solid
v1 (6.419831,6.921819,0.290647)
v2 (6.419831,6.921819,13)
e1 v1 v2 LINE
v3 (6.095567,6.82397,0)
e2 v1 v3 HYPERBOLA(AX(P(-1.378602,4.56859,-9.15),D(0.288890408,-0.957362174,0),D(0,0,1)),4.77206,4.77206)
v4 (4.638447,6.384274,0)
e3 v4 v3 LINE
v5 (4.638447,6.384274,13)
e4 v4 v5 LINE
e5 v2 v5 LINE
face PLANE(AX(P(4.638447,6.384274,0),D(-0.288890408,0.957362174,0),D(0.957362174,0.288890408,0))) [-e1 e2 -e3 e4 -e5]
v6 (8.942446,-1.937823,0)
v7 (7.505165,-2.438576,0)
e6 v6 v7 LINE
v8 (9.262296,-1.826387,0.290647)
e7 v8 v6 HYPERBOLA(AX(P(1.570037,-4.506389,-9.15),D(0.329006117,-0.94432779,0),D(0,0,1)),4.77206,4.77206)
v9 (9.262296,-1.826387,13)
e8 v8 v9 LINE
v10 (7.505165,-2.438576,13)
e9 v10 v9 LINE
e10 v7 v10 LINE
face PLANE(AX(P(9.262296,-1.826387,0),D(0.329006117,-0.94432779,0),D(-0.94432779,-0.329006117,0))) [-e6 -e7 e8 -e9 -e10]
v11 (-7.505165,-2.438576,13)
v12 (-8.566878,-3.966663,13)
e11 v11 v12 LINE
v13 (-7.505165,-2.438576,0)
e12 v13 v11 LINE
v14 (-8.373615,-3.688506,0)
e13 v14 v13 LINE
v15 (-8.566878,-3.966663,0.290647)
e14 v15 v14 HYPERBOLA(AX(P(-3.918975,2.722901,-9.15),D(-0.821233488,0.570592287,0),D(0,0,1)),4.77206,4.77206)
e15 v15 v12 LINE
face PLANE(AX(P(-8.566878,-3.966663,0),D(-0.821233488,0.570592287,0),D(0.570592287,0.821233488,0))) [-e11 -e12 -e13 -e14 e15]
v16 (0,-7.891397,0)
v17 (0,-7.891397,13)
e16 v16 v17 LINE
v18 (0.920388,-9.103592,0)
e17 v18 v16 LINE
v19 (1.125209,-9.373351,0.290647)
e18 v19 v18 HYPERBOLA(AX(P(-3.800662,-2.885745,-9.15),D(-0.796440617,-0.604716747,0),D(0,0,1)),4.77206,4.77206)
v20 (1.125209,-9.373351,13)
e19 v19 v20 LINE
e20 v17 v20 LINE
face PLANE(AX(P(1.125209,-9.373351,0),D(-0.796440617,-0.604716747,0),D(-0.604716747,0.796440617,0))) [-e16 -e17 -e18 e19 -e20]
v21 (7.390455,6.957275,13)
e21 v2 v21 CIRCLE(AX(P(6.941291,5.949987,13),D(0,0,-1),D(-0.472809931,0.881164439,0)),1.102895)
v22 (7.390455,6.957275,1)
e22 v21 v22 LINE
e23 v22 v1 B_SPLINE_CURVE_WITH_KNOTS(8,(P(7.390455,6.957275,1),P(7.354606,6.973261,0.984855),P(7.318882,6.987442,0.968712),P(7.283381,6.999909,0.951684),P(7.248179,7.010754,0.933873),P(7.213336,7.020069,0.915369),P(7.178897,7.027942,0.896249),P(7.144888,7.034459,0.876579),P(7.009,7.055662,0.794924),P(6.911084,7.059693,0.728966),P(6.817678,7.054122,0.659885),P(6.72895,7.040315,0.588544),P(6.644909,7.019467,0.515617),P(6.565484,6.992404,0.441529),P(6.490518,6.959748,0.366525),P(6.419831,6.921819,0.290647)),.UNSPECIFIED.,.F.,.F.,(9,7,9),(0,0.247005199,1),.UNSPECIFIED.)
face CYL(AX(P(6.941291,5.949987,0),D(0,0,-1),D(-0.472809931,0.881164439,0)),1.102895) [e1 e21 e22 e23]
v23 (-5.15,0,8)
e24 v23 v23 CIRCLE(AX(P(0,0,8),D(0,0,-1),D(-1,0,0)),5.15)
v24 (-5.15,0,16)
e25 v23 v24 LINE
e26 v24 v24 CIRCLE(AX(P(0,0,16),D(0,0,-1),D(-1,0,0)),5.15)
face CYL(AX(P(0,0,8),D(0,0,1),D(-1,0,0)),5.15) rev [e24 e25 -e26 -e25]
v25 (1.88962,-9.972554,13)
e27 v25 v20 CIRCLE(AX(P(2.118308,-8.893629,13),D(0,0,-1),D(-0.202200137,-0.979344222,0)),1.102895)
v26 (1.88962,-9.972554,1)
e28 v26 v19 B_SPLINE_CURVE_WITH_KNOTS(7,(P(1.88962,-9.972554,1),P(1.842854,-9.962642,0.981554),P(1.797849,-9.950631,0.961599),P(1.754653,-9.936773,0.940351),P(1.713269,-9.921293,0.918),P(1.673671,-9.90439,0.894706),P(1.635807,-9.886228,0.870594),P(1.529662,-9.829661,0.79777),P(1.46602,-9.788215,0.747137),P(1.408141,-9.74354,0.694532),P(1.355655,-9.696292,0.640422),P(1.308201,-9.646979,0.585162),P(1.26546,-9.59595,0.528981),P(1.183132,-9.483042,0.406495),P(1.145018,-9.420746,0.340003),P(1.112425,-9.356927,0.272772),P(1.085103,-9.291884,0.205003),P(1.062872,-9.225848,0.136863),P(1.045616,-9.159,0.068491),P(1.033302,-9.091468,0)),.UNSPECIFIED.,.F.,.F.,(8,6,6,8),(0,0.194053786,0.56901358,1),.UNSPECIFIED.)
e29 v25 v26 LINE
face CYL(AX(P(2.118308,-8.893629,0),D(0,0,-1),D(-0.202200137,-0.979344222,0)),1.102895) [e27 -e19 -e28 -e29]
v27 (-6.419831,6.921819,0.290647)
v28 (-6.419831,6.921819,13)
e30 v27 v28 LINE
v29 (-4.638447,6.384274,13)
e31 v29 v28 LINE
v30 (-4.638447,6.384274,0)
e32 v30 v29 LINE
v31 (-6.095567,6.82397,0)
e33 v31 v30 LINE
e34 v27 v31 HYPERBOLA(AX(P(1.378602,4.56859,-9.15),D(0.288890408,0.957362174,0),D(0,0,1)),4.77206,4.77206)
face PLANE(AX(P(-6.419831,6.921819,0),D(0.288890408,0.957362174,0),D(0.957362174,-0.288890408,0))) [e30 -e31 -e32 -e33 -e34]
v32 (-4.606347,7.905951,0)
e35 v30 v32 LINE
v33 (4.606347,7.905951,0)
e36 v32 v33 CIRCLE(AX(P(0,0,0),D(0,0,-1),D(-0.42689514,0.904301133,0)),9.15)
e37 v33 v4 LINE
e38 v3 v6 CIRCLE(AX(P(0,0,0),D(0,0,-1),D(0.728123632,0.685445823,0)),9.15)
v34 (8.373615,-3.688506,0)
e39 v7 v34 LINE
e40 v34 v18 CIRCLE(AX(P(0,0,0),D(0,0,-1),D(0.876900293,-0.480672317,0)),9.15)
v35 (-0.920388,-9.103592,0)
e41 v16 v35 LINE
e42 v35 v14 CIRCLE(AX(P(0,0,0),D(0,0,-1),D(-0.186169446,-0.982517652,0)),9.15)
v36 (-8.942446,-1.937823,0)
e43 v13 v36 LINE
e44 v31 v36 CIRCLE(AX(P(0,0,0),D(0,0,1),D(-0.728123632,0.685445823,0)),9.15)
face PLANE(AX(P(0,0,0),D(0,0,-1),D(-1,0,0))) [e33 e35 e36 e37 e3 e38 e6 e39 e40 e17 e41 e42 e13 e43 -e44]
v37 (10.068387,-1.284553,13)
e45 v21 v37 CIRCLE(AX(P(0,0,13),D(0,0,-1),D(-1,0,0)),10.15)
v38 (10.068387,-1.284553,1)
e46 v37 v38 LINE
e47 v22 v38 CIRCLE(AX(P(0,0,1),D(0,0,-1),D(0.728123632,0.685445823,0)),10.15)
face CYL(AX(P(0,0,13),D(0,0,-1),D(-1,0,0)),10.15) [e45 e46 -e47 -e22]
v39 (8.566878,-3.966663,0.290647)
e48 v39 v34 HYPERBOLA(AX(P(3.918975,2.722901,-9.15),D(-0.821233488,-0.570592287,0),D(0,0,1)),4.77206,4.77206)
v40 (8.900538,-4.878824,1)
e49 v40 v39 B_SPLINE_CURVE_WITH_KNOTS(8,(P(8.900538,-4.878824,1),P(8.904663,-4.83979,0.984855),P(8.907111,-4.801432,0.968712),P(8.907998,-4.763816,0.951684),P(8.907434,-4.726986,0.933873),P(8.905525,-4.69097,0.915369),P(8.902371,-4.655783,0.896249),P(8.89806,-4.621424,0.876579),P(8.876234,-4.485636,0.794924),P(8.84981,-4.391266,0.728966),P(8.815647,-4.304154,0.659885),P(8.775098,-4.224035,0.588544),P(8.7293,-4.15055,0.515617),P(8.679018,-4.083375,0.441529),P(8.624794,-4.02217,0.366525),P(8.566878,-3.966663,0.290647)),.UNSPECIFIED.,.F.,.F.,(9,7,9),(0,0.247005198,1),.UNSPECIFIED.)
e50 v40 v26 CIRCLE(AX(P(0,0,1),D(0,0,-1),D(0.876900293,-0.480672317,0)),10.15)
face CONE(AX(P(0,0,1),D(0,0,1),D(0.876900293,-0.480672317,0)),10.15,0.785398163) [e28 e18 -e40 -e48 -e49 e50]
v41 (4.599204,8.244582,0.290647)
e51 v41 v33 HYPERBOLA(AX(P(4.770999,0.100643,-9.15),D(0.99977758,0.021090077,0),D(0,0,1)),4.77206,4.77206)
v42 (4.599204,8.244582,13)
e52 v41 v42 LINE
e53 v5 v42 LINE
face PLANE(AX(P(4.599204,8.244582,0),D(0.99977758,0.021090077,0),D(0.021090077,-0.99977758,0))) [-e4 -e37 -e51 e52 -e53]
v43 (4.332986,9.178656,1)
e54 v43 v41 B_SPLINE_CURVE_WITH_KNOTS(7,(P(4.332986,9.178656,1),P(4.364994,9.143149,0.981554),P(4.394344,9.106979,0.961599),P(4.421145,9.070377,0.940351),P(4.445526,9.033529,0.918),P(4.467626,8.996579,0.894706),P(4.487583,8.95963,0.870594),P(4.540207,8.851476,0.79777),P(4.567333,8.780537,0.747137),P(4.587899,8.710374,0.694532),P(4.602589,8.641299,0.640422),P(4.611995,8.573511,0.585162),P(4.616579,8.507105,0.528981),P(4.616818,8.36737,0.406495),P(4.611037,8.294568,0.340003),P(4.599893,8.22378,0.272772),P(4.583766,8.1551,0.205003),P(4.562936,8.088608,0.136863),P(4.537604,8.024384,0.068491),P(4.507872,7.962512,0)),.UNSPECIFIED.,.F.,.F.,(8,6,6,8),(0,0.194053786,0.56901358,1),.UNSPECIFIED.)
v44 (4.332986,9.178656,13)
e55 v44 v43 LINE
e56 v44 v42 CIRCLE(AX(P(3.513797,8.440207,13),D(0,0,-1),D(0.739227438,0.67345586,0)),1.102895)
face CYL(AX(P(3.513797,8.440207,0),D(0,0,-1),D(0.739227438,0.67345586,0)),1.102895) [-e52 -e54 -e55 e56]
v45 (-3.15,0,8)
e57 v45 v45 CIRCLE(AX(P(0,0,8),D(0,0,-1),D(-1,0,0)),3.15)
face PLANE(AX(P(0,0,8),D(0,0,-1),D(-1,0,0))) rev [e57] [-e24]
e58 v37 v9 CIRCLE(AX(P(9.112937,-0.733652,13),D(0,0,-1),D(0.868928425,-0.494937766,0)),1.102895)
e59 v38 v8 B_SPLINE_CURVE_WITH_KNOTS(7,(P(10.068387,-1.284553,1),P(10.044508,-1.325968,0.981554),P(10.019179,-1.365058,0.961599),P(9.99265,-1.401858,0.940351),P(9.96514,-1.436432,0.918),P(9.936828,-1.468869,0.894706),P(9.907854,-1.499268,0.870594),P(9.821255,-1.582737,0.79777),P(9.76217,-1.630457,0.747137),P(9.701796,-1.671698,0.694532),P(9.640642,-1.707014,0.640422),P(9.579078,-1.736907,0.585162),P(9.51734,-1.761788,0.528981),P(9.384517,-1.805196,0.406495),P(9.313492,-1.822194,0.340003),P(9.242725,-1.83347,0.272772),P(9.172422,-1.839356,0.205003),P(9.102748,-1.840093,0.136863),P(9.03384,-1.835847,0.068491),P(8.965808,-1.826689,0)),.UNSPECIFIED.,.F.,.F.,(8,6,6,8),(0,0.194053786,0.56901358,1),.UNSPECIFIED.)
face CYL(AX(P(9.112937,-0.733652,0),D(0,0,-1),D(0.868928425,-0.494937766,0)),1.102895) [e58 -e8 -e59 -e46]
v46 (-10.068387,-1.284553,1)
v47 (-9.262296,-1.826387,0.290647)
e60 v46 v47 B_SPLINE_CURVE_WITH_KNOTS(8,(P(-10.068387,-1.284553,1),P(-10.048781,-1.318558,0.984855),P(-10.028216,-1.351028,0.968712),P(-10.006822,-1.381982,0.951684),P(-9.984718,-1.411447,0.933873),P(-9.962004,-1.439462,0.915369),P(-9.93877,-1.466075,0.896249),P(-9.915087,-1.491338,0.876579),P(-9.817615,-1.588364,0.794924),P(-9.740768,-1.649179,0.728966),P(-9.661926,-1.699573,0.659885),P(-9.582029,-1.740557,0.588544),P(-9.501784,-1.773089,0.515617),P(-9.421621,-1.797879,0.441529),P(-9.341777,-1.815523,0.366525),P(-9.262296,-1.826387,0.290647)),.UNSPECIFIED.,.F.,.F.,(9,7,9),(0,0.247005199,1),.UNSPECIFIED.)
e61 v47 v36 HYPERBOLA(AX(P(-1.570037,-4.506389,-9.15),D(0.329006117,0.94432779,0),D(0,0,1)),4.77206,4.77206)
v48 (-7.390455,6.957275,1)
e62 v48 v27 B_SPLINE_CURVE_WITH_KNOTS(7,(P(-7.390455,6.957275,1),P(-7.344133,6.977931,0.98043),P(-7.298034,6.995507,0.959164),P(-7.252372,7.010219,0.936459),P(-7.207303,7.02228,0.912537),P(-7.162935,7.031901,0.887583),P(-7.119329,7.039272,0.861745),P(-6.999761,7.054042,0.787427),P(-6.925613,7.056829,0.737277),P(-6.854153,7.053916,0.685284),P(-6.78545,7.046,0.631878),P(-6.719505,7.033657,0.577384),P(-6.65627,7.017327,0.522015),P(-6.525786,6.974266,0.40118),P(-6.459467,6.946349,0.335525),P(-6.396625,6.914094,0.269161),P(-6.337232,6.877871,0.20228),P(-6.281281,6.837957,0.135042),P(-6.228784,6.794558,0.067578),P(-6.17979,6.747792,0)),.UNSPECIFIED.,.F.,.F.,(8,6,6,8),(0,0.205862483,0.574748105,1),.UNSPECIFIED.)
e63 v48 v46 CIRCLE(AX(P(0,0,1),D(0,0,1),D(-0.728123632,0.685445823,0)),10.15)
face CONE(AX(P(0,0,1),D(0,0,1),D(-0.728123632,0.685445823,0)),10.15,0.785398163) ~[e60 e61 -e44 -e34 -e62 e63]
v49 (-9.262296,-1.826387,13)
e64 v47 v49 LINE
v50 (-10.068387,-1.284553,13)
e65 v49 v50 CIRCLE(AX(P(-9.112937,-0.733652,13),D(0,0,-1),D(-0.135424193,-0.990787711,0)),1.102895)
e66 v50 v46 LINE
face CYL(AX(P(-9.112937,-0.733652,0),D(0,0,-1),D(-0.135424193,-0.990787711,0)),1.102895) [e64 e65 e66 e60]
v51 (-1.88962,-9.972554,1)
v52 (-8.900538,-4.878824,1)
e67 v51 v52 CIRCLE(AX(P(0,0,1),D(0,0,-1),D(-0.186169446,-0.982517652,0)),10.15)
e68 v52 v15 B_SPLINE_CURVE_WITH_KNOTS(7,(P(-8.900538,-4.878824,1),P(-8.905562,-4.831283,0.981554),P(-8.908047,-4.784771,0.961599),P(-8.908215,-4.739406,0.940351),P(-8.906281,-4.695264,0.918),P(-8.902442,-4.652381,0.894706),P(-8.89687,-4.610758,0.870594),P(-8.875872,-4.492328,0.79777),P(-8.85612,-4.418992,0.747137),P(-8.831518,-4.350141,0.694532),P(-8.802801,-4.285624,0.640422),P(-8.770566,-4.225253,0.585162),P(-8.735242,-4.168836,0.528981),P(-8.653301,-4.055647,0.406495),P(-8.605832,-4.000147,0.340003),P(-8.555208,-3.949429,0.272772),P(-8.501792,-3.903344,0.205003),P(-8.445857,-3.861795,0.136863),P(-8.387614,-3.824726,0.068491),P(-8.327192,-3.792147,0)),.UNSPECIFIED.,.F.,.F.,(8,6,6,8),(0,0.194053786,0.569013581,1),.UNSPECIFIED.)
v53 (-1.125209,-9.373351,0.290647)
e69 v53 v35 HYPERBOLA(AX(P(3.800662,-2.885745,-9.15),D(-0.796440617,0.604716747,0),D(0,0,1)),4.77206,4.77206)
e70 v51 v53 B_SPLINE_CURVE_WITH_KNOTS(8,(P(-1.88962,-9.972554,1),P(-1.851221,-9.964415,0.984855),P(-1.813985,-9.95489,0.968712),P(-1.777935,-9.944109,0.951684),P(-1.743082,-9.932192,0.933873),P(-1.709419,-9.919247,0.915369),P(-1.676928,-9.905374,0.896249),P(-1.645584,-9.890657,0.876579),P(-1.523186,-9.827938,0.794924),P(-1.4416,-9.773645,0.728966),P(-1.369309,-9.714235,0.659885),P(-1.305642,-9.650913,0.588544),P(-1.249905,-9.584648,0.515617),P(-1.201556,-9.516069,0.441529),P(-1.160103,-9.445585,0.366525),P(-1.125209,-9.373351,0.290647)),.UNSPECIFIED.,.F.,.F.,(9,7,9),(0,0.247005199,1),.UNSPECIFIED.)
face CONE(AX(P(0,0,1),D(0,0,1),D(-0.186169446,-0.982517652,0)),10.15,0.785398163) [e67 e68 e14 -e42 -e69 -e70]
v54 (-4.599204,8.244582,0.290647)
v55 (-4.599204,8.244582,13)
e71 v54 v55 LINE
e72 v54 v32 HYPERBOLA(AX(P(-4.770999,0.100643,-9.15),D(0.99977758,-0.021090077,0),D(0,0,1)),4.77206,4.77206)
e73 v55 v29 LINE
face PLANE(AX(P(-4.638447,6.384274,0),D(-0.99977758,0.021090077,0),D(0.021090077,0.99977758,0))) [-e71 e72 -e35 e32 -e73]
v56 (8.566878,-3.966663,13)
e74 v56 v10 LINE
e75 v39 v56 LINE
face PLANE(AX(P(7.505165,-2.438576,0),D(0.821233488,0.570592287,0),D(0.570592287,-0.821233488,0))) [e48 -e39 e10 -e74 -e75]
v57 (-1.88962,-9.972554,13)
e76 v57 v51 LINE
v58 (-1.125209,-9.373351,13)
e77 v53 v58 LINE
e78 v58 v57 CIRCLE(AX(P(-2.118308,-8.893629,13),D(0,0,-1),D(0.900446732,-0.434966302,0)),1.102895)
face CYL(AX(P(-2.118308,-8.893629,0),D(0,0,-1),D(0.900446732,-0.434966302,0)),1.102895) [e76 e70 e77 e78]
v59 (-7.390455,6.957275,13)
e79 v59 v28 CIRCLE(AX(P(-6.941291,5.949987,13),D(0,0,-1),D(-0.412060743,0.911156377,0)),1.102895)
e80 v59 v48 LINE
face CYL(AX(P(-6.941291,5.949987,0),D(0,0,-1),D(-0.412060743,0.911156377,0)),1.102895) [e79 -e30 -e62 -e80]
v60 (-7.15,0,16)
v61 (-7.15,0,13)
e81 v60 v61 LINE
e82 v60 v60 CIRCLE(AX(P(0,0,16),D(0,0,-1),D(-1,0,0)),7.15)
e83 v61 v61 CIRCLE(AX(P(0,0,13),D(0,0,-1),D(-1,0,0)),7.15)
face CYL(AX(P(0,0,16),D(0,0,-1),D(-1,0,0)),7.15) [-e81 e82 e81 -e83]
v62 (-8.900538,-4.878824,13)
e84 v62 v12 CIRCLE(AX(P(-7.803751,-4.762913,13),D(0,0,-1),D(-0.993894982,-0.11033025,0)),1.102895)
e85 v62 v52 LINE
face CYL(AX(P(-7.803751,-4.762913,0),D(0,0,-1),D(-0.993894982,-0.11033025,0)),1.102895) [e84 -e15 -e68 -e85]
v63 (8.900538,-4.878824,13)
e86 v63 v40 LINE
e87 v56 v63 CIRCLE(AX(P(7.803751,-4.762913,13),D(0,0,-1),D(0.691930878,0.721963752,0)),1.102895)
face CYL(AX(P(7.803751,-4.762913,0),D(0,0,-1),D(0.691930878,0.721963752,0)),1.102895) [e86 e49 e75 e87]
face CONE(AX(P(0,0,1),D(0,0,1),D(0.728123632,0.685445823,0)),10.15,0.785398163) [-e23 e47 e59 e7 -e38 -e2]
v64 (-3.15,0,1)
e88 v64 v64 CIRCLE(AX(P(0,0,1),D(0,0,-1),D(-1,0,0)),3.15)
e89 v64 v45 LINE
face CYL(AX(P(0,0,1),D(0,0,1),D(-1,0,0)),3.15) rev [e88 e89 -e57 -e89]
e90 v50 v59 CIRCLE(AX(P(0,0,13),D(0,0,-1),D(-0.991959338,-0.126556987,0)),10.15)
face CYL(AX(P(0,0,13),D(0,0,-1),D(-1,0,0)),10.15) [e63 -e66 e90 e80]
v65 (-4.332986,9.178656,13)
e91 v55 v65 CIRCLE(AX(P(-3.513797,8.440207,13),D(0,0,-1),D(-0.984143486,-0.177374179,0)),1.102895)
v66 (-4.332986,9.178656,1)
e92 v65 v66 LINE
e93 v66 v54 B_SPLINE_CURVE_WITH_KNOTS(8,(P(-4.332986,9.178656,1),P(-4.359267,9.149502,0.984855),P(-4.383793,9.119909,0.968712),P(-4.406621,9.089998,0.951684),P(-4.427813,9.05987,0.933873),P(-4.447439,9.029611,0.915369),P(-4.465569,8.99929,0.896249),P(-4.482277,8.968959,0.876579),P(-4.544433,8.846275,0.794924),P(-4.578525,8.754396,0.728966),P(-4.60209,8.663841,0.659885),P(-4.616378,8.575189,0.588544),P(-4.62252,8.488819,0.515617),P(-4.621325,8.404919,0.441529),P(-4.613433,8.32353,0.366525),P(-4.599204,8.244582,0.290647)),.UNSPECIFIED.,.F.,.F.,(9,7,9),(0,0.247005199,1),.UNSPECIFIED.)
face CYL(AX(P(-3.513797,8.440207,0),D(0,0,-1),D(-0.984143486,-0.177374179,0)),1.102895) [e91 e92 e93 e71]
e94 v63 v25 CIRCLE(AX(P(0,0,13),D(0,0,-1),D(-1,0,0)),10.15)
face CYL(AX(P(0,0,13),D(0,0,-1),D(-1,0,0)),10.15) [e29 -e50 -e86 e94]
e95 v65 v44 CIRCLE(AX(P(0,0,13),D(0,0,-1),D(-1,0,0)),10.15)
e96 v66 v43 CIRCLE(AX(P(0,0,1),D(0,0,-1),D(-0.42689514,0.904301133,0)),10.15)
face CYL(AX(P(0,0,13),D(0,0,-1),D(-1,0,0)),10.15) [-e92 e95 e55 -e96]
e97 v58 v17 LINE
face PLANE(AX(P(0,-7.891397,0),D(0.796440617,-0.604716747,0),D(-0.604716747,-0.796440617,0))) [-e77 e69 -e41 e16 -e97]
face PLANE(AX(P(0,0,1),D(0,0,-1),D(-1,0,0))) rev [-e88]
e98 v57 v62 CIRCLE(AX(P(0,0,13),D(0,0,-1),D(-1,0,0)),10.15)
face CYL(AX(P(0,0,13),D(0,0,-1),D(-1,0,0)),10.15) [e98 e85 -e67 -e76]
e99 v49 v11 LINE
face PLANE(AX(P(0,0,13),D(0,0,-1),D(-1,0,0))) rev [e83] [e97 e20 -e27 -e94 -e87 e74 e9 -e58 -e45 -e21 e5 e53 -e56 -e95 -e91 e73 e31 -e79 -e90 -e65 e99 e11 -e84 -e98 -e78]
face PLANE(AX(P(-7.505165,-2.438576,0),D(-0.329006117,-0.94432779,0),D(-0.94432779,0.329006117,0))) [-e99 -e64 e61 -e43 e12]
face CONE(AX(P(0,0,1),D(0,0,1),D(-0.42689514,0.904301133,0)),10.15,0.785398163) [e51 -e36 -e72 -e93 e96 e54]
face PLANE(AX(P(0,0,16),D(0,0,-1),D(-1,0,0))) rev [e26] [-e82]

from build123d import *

# Parameters (mm, degrees)
F3_DEPTH = 16.001
F4_SIZE  = 1


with BuildPart() as f1:
    # F0 (on Front) → F1 (revolve)
    with BuildSketch(Plane.XZ):
        Polygon((-10.15, 13), (-10.15, 0), (0, 0), (0, 1), (-3.15, 1), (-3.15, 8), (-5.15, 8), (-5.15, 16), (-7.15, 16), (-7.15, 13), align=None)
    revolve(axis=Axis((0, 0, -8.6291319943), (0, 0, -1)))

    # F2 (on Top) → F3 (cut, through all)
    with BuildSketch(Plane.XY):
        with BuildLine():
            Line((0, -7.8913969919), (-1.1252094373, -9.3733511499))
            ThreePointArc((-1.1252094373, -9.3733511499), (-1.4401892892, -9.7634180213), (-1.8953023246, -9.9737429991))
            ThreePointArc((-1.8953023246, -9.9737429991), (0, -11.3207029958), (1.8953023246, -9.9737429991))
            ThreePointArc((1.8953023246, -9.9737429991), (1.4401892892, -9.7634180213), (1.1252094373, -9.3733511499))
            Line((1.1252094373, -9.3733511499), (0, -7.8913969919))
        make_face()
        with BuildLine():
            Line((7.5051645318, -2.4385757799), (8.5668778523, -3.9666625671))
            ThreePointArc((8.5668778523, -3.9666625671), (8.8405193649, -4.3867634999), (8.8999126434, -4.8845957104))
            ThreePointArc((8.8999126434, -4.8845957104), (10.7666283532, -3.498289614), (10.0712738989, -1.2795164581))
            ThreePointArc((10.0712738989, -1.2795164581), (9.7306052959, -1.6473606836), (9.2622955289, -1.826387032))
            Line((9.2622955289, -1.826387032), (7.5051645318, -2.4385757799))
        make_face()
        with BuildLine():
            Line((4.6384467718, 6.3842742758), (6.4198311274, 6.9218188615))
            ThreePointArc((6.4198311274, 6.9218188615), (6.9039307349, 7.0522490777), (7.3957508351, 6.9548968288))
            ThreePointArc((7.3957508351, 6.9548968288), (6.6541422665, 9.1586411119), (4.329087255, 9.1829583388))
            ThreePointArc((4.329087255, 9.1829583388), (4.5736555148, 8.7452931271), (4.5992040135, 8.2445818874))
            Line((4.5992040135, 8.2445818874), (4.6384467718, 6.3842742758))
        make_face()
        with BuildLine():
            Line((-4.6384467718, 6.3842742758), (-4.5992040135, 8.2445818874))
            ThreePointArc((-4.5992040135, 8.2445818874), (-4.5736555148, 8.7452931271), (-4.329087255, 9.1829583388))
            ThreePointArc((-4.329087255, 9.1829583388), (-6.6541422665, 9.1586411119), (-7.3957508351, 6.9548968288))
            ThreePointArc((-7.3957508351, 6.9548968288), (-6.9039307349, 7.0522490777), (-6.4198311274, 6.9218188615))
            Line((-6.4198311274, 6.9218188615), (-4.6384467718, 6.3842742758))
        make_face()
        with BuildLine():
            Line((-7.5051645318, -2.4385757799), (-9.2622955289, -1.826387032))
            ThreePointArc((-9.2622955289, -1.826387032), (-9.7306052959, -1.6473606836), (-10.0712738989, -1.2795164581))
            ThreePointArc((-10.0712738989, -1.2795164581), (-10.7666283532, -3.498289614), (-8.8999126434, -4.8845957104))
            ThreePointArc((-8.8999126434, -4.8845957104), (-8.8405193649, -4.3867634999), (-8.5668778523, -3.9666625671))
            Line((-8.5668778523, -3.9666625671), (-7.5051645318, -2.4385757799))
        make_face()
    extrude(amount=F3_DEPTH, mode=Mode.SUBTRACT)

    # F4
    f4_edges = [f1.edges().sort_by_distance(p)[0] for p in [
        (-5.96602, -8.211522, 0),
        (5.96602, -8.211522, 0),
        (9.653224, 3.136522, 0),
        (0, 10.15, 0),
        (-9.653224, 3.136522, 0),
    ]]
    chamfer(f4_edges, length=F4_SIZE)


solid = f1.part
